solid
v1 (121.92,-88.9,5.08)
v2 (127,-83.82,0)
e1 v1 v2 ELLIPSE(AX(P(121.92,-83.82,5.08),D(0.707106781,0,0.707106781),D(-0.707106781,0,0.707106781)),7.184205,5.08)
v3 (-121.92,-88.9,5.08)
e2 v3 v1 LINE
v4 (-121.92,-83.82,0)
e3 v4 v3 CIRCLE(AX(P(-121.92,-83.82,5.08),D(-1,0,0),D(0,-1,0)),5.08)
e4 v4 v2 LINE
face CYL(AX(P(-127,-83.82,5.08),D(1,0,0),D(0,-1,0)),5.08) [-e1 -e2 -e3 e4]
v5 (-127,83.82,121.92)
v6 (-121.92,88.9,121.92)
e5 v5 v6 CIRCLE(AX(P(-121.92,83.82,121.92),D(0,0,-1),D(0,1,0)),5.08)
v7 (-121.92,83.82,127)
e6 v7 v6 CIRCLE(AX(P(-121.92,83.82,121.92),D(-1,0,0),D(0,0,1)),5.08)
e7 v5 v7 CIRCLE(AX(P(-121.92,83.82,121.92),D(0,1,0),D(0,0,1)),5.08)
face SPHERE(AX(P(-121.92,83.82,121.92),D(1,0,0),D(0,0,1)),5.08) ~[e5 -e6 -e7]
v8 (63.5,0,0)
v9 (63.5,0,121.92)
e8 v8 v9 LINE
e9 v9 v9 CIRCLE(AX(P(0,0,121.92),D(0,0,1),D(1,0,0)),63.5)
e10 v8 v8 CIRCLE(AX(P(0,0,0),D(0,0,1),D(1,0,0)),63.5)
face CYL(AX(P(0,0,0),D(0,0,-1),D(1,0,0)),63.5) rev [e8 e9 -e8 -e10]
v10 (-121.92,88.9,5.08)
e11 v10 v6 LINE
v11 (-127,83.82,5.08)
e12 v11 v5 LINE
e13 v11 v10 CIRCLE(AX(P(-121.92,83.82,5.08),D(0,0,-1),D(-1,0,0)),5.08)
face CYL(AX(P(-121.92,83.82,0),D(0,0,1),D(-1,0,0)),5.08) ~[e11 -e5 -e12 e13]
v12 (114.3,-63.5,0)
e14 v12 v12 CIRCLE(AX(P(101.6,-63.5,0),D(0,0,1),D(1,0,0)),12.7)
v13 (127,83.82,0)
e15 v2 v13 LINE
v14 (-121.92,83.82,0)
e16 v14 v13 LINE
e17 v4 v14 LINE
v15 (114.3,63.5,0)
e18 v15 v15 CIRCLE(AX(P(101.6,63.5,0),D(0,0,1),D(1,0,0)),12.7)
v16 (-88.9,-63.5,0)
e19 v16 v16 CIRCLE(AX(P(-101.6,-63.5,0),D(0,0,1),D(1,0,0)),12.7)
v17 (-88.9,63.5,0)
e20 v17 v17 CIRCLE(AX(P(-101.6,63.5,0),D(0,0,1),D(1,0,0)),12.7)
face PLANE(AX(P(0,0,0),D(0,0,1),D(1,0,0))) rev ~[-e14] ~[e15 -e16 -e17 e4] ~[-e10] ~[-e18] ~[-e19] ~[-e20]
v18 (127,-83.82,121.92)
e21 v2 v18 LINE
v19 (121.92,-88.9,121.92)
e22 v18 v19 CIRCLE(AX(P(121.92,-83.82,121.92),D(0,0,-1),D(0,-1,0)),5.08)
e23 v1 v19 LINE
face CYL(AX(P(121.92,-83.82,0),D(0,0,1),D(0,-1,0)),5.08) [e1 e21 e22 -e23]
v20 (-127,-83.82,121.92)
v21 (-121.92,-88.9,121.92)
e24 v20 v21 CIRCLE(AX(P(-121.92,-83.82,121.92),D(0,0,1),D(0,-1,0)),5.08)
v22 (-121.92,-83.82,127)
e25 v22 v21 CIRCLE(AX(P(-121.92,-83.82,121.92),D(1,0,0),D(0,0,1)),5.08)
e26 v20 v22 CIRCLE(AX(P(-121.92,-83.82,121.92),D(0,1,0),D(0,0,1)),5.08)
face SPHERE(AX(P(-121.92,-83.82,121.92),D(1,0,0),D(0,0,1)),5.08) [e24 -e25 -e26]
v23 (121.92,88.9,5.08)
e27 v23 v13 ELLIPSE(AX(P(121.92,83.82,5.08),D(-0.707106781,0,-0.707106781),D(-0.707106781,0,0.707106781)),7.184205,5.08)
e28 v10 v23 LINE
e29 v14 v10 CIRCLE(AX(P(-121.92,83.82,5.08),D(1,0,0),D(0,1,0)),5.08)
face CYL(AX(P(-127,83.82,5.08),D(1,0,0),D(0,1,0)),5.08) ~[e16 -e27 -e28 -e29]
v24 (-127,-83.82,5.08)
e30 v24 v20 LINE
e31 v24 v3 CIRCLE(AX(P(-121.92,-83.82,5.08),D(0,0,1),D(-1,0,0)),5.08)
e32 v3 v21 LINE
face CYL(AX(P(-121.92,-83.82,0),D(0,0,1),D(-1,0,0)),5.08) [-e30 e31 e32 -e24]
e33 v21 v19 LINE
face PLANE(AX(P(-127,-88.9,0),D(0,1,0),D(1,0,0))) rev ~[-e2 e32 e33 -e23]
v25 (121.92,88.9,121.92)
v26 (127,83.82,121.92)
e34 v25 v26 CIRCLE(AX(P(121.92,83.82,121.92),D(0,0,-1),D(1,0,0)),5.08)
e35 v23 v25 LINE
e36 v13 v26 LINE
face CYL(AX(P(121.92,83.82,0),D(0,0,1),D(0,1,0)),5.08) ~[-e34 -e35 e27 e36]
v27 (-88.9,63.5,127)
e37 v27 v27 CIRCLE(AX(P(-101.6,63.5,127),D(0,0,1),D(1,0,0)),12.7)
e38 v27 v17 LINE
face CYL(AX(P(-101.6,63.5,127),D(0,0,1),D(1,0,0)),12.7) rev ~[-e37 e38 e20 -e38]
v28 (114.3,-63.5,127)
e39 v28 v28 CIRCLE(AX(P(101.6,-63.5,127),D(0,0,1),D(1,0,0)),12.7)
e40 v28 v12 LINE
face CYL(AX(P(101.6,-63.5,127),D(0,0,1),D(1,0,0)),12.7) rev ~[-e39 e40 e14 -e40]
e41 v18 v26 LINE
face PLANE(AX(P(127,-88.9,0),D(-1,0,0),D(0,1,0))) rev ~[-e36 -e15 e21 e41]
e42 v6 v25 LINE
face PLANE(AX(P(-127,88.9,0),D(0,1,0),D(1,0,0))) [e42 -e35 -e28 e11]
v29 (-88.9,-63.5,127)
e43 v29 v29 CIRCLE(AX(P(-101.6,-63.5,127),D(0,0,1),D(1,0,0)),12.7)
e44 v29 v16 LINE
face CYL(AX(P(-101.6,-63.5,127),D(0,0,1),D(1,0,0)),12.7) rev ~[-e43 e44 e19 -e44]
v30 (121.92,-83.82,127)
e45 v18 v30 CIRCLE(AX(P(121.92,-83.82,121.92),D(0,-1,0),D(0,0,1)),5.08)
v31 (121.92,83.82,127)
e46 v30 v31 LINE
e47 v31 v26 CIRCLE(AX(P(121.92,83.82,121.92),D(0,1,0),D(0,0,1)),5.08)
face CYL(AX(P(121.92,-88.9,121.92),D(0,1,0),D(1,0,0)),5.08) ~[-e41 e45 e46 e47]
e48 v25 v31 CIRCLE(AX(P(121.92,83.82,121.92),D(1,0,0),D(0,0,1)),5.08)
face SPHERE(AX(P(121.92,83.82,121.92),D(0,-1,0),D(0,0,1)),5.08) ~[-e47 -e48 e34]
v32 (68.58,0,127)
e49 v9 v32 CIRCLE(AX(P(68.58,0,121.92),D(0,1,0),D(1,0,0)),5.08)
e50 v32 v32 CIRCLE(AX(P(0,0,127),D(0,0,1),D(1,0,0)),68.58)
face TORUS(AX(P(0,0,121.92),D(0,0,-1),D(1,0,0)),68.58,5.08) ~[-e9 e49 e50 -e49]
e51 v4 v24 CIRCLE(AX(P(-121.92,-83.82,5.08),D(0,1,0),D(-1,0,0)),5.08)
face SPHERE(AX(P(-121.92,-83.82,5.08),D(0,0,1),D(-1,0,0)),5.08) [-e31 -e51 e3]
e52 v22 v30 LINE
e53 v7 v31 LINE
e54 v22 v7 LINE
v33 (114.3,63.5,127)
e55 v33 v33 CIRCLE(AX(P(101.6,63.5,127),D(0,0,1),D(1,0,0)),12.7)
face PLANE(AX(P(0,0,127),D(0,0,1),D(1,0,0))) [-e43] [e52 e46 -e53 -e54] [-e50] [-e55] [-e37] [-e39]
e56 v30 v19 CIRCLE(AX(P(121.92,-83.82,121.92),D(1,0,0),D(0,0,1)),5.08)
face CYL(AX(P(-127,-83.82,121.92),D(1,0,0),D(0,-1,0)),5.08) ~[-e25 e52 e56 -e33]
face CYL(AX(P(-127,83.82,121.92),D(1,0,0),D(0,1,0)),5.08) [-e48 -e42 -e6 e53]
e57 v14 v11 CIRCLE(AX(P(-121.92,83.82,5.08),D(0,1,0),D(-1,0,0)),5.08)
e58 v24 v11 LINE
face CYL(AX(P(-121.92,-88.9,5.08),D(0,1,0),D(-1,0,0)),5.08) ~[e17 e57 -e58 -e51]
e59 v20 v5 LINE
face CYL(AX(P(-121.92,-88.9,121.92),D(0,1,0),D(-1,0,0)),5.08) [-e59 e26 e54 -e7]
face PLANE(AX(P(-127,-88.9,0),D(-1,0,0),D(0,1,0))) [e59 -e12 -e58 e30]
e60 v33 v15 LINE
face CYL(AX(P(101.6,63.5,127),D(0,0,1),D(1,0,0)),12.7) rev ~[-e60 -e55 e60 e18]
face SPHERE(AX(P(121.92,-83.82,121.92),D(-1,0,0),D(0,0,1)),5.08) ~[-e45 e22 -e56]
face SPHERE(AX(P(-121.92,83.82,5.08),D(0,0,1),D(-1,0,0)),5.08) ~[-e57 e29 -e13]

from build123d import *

# Parameters (mm, degrees)
F0_W     = 254
F0_H     = 177.8
F0_R     = 63.5
F1_DEPTH = 127
F2_R     = 5.08
F3_R     = 12.7
F4_DEPTH = 127


with BuildPart() as f1:
    # F0 (on Top) → F1 (new body)
    with BuildSketch(Plane.XY):
        Rectangle(F0_W, F0_H)
        Circle(F0_R, mode=Mode.SUBTRACT)
    extrude(amount=F1_DEPTH)

    # F2
    f2_edges = [f1.edges().sort_by_distance(p)[0] for p in [
        (0, -88.9, 127),
        (127, 0, 127),
        (0, 88.9, 127),
        (-127, 0, 127),
        (-63.5, 0, 127),
        (-127, 88.9, 63.5),
        (-127, -88.9, 63.5),
        (-127, 0, 0),
        (127, -88.9, 63.5),
        (0, -88.9, 0),
        (127, 88.9, 63.5),
        (0, 88.9, 0),
    ]]
    fillet(f2_edges, radius=F2_R)

    # F3 (on face) → F4 (cut, through all)
    with BuildSketch(Plane.XY.offset(127)):
        with Locations((-101.6, 63.5)):
            Circle(F3_R)
        with Locations((101.6, 63.5)):
            Circle(F3_R)
        with Locations((101.6, -63.5)):
            Circle(F3_R)
        with Locations((-101.6, -63.5)):
            Circle(F3_R)
    extrude(amount=-F4_DEPTH, mode=Mode.SUBTRACT)


solid = f1.part
